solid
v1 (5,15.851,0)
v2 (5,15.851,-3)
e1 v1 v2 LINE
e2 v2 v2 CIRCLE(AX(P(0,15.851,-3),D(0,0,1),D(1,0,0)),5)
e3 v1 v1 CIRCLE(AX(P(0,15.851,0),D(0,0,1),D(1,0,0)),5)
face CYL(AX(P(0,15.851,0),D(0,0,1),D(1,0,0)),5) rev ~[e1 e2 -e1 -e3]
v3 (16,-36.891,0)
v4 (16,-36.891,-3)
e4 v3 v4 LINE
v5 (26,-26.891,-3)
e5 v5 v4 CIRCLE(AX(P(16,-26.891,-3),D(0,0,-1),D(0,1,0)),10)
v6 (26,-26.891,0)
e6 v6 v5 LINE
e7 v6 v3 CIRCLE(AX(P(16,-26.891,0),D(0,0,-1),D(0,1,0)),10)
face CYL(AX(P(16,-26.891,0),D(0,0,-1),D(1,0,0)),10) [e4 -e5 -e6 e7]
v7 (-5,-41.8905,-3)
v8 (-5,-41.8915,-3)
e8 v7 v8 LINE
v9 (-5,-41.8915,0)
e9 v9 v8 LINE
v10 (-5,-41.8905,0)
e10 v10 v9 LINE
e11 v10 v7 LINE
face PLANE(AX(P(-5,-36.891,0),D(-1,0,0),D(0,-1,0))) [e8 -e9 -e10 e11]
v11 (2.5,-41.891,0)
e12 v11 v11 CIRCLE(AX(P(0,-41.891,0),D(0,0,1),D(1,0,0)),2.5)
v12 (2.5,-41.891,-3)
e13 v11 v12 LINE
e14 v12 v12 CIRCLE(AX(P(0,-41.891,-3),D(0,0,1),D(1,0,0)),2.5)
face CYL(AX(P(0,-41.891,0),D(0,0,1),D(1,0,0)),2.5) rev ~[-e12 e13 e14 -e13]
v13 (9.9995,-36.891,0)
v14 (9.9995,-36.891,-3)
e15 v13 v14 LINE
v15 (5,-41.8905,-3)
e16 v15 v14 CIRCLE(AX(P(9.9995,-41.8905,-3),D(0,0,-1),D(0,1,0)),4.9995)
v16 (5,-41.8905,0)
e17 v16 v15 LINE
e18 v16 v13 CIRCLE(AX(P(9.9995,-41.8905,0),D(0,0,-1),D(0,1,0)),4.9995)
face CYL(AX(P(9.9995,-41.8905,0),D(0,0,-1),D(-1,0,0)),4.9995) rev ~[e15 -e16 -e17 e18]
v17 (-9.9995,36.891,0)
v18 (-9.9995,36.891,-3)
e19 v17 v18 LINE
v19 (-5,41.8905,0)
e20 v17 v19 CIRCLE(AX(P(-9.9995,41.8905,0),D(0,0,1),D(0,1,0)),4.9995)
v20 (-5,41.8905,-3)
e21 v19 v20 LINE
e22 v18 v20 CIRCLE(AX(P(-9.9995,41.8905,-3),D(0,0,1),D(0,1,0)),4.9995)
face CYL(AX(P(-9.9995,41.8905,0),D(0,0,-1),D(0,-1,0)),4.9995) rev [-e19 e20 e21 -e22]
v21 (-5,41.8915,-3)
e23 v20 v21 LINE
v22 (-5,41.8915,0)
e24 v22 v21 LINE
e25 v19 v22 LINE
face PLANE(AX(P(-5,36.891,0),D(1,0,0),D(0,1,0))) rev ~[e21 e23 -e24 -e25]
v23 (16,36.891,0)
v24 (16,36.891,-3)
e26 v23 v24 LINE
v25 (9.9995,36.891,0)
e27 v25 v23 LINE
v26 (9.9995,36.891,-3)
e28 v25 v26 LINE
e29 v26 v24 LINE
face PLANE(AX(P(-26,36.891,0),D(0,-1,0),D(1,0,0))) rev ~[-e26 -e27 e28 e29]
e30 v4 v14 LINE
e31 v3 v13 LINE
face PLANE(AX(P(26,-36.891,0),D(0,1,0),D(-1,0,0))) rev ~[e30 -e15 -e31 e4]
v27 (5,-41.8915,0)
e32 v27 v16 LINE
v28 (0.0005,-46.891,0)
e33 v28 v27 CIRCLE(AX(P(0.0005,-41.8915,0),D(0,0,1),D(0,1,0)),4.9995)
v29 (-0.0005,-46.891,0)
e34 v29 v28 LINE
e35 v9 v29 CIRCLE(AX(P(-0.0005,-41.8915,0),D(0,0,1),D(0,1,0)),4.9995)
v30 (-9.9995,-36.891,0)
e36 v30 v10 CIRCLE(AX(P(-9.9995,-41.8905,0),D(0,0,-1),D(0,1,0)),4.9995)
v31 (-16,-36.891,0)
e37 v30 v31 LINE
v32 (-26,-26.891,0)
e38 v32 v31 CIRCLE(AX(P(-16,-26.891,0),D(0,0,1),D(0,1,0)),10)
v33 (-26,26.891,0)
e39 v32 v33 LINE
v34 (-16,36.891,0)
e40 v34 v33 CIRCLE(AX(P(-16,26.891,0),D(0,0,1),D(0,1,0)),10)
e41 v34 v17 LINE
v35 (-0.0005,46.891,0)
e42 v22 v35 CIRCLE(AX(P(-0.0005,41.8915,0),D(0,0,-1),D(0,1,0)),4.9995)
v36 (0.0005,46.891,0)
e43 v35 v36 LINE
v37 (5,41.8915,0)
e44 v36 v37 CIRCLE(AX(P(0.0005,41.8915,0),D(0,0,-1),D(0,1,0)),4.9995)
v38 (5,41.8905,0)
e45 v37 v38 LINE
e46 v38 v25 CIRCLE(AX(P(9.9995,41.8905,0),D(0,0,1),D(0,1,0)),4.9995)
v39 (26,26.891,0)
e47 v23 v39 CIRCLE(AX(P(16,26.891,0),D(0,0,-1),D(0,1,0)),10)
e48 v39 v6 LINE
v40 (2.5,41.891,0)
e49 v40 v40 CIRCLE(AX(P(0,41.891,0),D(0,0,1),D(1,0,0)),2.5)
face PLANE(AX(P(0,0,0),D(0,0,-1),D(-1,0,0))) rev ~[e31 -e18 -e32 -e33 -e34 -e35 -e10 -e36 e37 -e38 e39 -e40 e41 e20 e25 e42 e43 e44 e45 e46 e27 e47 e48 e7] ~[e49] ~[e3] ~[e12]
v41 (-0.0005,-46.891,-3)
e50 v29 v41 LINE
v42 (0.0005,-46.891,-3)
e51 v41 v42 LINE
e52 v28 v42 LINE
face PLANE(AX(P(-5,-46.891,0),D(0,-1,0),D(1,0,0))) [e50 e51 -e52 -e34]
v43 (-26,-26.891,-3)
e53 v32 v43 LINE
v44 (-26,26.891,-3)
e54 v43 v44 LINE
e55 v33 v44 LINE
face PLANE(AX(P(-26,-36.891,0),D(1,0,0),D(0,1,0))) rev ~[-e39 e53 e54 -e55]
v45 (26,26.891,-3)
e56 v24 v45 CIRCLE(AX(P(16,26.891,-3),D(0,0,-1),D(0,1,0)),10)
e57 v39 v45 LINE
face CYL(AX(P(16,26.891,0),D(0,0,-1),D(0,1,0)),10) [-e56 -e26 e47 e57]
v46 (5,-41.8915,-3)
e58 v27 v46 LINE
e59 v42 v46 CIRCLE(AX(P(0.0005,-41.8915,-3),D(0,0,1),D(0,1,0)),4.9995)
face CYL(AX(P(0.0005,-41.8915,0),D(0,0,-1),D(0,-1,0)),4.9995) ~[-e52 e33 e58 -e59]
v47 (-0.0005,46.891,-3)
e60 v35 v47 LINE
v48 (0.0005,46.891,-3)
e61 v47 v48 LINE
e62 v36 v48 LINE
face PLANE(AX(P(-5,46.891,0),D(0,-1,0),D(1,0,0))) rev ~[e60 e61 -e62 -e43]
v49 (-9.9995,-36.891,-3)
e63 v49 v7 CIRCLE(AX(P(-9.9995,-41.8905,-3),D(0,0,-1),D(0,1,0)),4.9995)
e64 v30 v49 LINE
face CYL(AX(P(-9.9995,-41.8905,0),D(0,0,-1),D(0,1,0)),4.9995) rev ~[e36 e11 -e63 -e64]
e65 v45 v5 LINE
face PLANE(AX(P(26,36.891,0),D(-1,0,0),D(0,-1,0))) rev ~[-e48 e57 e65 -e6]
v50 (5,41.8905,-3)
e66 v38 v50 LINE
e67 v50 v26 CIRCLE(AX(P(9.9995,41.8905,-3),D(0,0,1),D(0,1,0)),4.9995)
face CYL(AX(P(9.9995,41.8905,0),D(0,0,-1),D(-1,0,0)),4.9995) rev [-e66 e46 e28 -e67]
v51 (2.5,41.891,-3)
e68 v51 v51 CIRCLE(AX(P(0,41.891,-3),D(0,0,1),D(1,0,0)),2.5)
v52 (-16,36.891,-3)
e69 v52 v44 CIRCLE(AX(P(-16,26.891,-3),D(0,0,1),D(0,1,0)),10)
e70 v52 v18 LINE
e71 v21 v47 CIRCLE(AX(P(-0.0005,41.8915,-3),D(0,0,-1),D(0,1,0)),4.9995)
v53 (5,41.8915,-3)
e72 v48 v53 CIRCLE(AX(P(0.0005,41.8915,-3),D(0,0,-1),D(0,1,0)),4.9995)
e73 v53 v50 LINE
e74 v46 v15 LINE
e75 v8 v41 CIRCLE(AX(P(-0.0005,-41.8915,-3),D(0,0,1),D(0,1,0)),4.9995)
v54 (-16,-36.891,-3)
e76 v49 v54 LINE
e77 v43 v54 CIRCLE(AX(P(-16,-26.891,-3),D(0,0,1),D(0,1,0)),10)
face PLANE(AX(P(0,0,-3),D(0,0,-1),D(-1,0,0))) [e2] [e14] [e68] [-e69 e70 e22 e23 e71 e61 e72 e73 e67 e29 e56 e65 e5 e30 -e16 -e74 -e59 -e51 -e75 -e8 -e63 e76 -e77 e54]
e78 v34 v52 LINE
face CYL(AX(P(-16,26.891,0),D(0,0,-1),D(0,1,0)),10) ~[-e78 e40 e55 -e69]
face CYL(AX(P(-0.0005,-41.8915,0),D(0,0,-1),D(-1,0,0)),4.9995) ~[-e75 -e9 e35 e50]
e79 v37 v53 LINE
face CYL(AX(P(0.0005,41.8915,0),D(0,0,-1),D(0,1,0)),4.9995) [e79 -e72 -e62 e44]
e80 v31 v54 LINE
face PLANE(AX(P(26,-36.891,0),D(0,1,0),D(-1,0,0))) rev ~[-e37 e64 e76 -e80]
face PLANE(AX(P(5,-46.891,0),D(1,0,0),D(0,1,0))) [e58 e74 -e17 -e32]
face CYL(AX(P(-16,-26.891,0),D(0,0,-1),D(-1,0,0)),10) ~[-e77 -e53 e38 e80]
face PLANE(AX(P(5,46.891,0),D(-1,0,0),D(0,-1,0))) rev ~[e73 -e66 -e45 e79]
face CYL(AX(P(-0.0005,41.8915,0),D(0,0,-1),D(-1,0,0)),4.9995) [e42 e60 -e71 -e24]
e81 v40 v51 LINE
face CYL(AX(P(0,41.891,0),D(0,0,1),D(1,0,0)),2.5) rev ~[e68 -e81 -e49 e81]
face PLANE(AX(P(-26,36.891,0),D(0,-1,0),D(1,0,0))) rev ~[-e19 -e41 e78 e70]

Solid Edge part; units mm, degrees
sketch "Sketch1" plane through (0, 0, 0) normal (0, 0, 1) x (1, 0, 0)
  circle A0 centre (0, 41.891) radius 2.5
  line L0 (-5, 46.891) -> (5, 46.891)
  line L1 (5, 46.891) -> (5, 36.891)
  line L2 (5, 36.891) -> (-5, 36.891)
  line L3 (-5, 36.891) -> (-5, 46.891)
  circle A1 centre (0, -41.891) radius 2.5
  line L4 (-5, -46.891) -> (5, -46.891)
  line L5 (5, -46.891) -> (5, -36.891)
  line L6 (5, -36.891) -> (-5, -36.891)
  line L7 (-5, -36.891) -> (-5, -46.891)
  line L8 (-26, 36.891) -> (26, 36.891)
  line L9 (26, 36.891) -> (26, -36.891)
  line L10 (26, -36.891) -> (-26, -36.891)
  line L11 (-26, -36.891) -> (-26, 36.891)
  circle A2 centre (0, 15.851) radius 5
  dimension "D1" = 52
  dimension "D2" = 73.782
  dimension "D3" = 5
  dimension "D4" = 5
  dimension "D5" = 10
  dimension "D6" = 10
  dimension "D7" = 5
  dimension "D8" = 10
  dimension "D9" = 10
  dimension "D10" = 5
  dimension "D11" = 21.04
  dimension "D12" = 10
extrude "Protrusion1" add sketch "Sketch1" against normal blind 3
fillet "v_10" radius 10 4 edges at (26, -36.891, -1.5) (26, 36.891, -1.5) (-26, 36.891, -1.5) (-26, -36.891, -1.5)
fillet "v_5" radius 5 8 edges at (5, -46.891, -1.5) (-5, -46.891, -1.5) (5, -36.891, -1.5) (-5, -36.891, -1.5) (5, 46.891, -1.5) (5, 36.891, -1.5) (-5, 46.891, -1.5) (-5, 36.891, -1.5)
properties material "ABS Plastic, high impact"
